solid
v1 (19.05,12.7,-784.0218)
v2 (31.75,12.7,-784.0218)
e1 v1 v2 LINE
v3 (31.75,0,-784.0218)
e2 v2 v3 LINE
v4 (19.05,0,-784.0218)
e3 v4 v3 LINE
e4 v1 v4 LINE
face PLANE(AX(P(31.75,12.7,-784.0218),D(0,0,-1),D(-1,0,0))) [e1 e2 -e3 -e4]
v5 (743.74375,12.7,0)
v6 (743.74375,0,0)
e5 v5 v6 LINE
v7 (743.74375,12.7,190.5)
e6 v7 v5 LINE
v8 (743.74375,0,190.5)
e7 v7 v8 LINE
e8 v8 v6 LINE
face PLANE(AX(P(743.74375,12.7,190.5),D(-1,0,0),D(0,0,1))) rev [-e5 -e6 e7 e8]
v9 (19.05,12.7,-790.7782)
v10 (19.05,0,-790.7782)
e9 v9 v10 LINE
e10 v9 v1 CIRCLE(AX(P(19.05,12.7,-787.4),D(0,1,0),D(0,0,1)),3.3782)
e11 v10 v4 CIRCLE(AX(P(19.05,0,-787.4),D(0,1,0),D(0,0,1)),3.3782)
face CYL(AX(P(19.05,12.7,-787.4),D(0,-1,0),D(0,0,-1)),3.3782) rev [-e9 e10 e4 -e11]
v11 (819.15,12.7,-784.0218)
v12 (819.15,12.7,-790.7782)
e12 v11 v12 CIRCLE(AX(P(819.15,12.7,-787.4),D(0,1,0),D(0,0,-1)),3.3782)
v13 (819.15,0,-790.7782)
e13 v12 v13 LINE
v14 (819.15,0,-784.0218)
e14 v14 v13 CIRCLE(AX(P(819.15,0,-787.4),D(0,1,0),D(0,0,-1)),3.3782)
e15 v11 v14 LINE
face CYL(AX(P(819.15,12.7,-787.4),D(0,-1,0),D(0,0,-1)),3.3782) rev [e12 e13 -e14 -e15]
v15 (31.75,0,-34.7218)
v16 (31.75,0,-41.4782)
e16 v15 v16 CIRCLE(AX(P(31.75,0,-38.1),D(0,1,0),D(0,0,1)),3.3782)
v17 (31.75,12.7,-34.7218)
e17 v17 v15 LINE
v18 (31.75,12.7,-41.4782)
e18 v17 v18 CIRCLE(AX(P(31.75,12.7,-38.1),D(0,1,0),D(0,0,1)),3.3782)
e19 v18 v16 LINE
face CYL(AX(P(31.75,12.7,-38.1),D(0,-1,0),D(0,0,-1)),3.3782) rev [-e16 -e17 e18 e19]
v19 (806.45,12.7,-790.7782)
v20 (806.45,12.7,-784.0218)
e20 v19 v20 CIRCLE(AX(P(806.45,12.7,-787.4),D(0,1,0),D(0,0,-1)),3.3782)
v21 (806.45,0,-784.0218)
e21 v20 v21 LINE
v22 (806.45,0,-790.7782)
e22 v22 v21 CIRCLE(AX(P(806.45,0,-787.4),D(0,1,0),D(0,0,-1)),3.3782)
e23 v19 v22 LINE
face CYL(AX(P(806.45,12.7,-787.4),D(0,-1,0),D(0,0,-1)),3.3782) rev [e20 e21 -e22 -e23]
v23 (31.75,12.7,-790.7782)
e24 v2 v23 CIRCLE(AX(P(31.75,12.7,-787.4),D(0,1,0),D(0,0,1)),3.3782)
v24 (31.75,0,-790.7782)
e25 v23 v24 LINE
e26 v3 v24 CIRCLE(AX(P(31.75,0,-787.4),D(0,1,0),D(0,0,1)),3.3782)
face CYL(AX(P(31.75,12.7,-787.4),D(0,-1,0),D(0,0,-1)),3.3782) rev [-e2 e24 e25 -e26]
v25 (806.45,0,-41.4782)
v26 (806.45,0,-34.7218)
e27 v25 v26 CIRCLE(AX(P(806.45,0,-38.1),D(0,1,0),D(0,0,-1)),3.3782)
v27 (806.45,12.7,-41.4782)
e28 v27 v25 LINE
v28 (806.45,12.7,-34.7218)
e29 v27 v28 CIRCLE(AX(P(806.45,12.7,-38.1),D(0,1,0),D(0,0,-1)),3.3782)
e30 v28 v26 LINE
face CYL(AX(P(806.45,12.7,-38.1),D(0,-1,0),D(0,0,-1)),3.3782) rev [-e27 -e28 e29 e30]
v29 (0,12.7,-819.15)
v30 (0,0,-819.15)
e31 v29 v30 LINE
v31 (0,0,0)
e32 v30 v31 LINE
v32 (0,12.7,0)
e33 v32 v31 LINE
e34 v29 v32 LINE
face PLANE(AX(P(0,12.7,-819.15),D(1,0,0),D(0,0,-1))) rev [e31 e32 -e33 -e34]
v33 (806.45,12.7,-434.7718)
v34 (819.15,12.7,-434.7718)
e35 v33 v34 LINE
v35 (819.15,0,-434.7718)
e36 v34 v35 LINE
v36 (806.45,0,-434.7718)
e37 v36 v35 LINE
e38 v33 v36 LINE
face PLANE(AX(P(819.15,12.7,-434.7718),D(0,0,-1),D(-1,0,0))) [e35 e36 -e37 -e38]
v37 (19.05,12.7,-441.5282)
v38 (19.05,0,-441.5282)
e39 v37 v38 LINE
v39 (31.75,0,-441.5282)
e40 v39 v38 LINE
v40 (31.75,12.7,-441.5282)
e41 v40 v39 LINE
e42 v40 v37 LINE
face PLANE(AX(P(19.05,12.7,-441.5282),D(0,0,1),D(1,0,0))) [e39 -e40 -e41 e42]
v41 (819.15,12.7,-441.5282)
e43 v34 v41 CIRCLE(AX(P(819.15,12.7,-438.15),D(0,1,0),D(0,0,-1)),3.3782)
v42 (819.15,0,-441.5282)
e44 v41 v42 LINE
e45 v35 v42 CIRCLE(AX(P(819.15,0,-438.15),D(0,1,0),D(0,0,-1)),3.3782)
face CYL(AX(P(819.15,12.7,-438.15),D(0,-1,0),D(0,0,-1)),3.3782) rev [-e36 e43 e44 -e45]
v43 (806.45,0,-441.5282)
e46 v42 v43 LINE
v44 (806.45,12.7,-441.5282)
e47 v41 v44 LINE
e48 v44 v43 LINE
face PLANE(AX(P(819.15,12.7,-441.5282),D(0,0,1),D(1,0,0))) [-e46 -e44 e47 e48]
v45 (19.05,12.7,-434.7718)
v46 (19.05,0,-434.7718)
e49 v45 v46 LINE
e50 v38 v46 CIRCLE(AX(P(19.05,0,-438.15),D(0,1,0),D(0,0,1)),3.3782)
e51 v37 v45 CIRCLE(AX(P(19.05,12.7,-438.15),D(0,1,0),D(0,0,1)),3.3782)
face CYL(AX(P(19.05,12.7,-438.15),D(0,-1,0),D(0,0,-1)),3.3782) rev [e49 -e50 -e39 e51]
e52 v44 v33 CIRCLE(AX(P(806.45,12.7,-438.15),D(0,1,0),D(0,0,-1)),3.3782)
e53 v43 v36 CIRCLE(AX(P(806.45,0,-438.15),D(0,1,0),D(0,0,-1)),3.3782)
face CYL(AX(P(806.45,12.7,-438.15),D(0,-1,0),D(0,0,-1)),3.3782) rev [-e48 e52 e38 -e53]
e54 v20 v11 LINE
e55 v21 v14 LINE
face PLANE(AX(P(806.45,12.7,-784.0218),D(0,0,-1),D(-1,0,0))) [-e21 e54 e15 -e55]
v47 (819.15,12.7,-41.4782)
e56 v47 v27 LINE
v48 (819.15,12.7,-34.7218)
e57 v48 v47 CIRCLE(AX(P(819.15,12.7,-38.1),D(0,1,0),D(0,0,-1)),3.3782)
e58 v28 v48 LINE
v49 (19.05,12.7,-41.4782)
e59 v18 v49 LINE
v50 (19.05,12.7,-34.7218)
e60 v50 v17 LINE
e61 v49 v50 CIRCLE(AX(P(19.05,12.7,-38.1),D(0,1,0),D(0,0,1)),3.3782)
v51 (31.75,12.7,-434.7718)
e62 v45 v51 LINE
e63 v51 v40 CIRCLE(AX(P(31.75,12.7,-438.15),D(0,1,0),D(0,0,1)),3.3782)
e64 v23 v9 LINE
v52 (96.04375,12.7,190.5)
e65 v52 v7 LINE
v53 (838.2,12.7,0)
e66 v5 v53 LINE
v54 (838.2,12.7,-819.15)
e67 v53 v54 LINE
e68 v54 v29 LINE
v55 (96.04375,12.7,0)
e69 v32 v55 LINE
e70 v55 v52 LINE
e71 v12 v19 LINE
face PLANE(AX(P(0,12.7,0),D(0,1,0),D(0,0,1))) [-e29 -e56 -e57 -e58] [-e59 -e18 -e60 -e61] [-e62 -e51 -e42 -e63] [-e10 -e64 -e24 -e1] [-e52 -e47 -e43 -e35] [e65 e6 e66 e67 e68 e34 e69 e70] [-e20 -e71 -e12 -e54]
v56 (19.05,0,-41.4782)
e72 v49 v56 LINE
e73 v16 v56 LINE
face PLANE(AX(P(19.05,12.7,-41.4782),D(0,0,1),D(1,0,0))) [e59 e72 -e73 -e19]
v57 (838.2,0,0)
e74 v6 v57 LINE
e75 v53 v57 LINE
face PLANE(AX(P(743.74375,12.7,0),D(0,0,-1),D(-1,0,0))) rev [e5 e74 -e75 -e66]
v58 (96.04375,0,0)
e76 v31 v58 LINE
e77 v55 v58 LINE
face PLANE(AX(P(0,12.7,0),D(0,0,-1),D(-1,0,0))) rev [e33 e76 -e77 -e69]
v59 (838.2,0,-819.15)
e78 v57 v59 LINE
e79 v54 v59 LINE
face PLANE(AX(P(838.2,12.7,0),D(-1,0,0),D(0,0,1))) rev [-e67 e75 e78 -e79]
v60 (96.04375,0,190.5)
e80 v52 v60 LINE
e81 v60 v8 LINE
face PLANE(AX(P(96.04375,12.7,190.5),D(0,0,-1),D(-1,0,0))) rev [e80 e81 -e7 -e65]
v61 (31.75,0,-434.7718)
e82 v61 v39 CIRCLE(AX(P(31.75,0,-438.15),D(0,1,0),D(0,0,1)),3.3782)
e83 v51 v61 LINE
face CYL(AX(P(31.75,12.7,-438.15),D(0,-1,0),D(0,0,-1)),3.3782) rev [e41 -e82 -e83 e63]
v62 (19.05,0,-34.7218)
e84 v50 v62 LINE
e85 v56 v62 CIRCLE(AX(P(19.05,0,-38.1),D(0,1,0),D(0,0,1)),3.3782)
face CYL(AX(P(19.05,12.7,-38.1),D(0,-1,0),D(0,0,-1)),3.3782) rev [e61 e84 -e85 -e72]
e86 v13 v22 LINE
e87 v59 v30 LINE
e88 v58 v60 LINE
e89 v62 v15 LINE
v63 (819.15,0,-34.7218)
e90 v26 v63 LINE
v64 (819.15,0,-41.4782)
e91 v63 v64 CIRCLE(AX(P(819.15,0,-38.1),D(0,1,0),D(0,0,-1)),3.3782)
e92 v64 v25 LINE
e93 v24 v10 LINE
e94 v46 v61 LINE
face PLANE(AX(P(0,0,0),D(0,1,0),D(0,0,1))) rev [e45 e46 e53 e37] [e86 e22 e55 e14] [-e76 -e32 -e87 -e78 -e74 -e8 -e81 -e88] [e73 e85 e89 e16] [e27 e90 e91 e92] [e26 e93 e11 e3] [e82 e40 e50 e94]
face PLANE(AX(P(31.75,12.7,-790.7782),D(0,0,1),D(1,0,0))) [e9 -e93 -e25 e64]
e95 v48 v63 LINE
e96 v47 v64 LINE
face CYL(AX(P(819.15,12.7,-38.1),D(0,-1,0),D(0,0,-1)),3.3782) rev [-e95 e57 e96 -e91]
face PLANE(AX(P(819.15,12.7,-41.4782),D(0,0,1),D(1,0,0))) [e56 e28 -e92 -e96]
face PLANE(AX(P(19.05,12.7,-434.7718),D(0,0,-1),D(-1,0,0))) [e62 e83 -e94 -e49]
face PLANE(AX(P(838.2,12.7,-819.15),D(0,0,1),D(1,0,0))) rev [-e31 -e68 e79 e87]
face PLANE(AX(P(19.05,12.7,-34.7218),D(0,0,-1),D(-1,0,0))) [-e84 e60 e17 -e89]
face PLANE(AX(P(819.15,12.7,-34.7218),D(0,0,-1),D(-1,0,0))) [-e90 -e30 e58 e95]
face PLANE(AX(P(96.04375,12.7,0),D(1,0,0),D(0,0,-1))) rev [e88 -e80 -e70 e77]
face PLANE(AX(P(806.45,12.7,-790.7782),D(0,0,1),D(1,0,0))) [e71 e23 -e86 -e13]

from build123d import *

# Parameters (mm, degrees)
BOSS_EXTRUDE1_DEPTH = 12.7


with BuildPart() as part:
    # Sketch1 → Boss-Extrude1 (new body)
    with BuildSketch(Plane(origin=(0, 0, 0), x_dir=(1, 0, 0), z_dir=(0, 1, 0))):
        Polygon((0, 0), (96.04375, 0), (96.04375, -190.5), (743.74375, -190.5), (743.74375, 0), (838.2, 0), (838.2, 819.15), (0, 819.15), align=None)
        with BuildLine():
            Line((19.05, 41.4782), (31.75, 41.4782))
            ThreePointArc((31.75, 41.4782), (35.1282, 38.1), (31.75, 34.7218))
            Line((31.75, 34.7218), (19.05, 34.7218))
            ThreePointArc((19.05, 34.7218), (15.6718, 38.1), (19.05, 41.4782))
        make_face(mode=Mode.SUBTRACT)
        with BuildLine():
            Line((19.05, 441.5282), (31.75, 441.5282))
            ThreePointArc((31.75, 441.5282), (35.1282, 438.15), (31.75, 434.7718))
            Line((31.75, 434.7718), (19.05, 434.7718))
            ThreePointArc((19.05, 434.7718), (15.6718, 438.15), (19.05, 441.5282))
        make_face(mode=Mode.SUBTRACT)
        with BuildLine():
            Line((31.75, 784.0218), (19.05, 784.0218))
            ThreePointArc((19.05, 784.0218), (15.6718, 787.4), (19.05, 790.7782))
            Line((19.05, 790.7782), (31.75, 790.7782))
            ThreePointArc((31.75, 790.7782), (35.1282, 787.4), (31.75, 784.0218))
        make_face(mode=Mode.SUBTRACT)
        with BuildLine():
            Line((806.45, 784.0218), (819.15, 784.0218))
            ThreePointArc((819.15, 784.0218), (822.5282, 787.4), (819.15, 790.7782))
            Line((819.15, 790.7782), (806.45, 790.7782))
            ThreePointArc((806.45, 790.7782), (803.0718, 787.4), (806.45, 784.0218))
        make_face(mode=Mode.SUBTRACT)
        with BuildLine():
            Line((819.15, 441.5282), (806.45, 441.5282))
            ThreePointArc((806.45, 441.5282), (803.0718, 438.15), (806.45, 434.7718))
            Line((806.45, 434.7718), (819.15, 434.7718))
            ThreePointArc((819.15, 434.7718), (822.5282, 438.15), (819.15, 441.5282))
        make_face(mode=Mode.SUBTRACT)
        with BuildLine():
            Line((819.15, 41.4782), (806.45, 41.4782))
            ThreePointArc((806.45, 41.4782), (803.0718, 38.1), (806.45, 34.7218))
            Line((806.45, 34.7218), (819.15, 34.7218))
            ThreePointArc((819.15, 34.7218), (822.5282, 38.1), (819.15, 41.4782))
        make_face(mode=Mode.SUBTRACT)
    extrude(amount=BOSS_EXTRUDE1_DEPTH)


solid = part.part
